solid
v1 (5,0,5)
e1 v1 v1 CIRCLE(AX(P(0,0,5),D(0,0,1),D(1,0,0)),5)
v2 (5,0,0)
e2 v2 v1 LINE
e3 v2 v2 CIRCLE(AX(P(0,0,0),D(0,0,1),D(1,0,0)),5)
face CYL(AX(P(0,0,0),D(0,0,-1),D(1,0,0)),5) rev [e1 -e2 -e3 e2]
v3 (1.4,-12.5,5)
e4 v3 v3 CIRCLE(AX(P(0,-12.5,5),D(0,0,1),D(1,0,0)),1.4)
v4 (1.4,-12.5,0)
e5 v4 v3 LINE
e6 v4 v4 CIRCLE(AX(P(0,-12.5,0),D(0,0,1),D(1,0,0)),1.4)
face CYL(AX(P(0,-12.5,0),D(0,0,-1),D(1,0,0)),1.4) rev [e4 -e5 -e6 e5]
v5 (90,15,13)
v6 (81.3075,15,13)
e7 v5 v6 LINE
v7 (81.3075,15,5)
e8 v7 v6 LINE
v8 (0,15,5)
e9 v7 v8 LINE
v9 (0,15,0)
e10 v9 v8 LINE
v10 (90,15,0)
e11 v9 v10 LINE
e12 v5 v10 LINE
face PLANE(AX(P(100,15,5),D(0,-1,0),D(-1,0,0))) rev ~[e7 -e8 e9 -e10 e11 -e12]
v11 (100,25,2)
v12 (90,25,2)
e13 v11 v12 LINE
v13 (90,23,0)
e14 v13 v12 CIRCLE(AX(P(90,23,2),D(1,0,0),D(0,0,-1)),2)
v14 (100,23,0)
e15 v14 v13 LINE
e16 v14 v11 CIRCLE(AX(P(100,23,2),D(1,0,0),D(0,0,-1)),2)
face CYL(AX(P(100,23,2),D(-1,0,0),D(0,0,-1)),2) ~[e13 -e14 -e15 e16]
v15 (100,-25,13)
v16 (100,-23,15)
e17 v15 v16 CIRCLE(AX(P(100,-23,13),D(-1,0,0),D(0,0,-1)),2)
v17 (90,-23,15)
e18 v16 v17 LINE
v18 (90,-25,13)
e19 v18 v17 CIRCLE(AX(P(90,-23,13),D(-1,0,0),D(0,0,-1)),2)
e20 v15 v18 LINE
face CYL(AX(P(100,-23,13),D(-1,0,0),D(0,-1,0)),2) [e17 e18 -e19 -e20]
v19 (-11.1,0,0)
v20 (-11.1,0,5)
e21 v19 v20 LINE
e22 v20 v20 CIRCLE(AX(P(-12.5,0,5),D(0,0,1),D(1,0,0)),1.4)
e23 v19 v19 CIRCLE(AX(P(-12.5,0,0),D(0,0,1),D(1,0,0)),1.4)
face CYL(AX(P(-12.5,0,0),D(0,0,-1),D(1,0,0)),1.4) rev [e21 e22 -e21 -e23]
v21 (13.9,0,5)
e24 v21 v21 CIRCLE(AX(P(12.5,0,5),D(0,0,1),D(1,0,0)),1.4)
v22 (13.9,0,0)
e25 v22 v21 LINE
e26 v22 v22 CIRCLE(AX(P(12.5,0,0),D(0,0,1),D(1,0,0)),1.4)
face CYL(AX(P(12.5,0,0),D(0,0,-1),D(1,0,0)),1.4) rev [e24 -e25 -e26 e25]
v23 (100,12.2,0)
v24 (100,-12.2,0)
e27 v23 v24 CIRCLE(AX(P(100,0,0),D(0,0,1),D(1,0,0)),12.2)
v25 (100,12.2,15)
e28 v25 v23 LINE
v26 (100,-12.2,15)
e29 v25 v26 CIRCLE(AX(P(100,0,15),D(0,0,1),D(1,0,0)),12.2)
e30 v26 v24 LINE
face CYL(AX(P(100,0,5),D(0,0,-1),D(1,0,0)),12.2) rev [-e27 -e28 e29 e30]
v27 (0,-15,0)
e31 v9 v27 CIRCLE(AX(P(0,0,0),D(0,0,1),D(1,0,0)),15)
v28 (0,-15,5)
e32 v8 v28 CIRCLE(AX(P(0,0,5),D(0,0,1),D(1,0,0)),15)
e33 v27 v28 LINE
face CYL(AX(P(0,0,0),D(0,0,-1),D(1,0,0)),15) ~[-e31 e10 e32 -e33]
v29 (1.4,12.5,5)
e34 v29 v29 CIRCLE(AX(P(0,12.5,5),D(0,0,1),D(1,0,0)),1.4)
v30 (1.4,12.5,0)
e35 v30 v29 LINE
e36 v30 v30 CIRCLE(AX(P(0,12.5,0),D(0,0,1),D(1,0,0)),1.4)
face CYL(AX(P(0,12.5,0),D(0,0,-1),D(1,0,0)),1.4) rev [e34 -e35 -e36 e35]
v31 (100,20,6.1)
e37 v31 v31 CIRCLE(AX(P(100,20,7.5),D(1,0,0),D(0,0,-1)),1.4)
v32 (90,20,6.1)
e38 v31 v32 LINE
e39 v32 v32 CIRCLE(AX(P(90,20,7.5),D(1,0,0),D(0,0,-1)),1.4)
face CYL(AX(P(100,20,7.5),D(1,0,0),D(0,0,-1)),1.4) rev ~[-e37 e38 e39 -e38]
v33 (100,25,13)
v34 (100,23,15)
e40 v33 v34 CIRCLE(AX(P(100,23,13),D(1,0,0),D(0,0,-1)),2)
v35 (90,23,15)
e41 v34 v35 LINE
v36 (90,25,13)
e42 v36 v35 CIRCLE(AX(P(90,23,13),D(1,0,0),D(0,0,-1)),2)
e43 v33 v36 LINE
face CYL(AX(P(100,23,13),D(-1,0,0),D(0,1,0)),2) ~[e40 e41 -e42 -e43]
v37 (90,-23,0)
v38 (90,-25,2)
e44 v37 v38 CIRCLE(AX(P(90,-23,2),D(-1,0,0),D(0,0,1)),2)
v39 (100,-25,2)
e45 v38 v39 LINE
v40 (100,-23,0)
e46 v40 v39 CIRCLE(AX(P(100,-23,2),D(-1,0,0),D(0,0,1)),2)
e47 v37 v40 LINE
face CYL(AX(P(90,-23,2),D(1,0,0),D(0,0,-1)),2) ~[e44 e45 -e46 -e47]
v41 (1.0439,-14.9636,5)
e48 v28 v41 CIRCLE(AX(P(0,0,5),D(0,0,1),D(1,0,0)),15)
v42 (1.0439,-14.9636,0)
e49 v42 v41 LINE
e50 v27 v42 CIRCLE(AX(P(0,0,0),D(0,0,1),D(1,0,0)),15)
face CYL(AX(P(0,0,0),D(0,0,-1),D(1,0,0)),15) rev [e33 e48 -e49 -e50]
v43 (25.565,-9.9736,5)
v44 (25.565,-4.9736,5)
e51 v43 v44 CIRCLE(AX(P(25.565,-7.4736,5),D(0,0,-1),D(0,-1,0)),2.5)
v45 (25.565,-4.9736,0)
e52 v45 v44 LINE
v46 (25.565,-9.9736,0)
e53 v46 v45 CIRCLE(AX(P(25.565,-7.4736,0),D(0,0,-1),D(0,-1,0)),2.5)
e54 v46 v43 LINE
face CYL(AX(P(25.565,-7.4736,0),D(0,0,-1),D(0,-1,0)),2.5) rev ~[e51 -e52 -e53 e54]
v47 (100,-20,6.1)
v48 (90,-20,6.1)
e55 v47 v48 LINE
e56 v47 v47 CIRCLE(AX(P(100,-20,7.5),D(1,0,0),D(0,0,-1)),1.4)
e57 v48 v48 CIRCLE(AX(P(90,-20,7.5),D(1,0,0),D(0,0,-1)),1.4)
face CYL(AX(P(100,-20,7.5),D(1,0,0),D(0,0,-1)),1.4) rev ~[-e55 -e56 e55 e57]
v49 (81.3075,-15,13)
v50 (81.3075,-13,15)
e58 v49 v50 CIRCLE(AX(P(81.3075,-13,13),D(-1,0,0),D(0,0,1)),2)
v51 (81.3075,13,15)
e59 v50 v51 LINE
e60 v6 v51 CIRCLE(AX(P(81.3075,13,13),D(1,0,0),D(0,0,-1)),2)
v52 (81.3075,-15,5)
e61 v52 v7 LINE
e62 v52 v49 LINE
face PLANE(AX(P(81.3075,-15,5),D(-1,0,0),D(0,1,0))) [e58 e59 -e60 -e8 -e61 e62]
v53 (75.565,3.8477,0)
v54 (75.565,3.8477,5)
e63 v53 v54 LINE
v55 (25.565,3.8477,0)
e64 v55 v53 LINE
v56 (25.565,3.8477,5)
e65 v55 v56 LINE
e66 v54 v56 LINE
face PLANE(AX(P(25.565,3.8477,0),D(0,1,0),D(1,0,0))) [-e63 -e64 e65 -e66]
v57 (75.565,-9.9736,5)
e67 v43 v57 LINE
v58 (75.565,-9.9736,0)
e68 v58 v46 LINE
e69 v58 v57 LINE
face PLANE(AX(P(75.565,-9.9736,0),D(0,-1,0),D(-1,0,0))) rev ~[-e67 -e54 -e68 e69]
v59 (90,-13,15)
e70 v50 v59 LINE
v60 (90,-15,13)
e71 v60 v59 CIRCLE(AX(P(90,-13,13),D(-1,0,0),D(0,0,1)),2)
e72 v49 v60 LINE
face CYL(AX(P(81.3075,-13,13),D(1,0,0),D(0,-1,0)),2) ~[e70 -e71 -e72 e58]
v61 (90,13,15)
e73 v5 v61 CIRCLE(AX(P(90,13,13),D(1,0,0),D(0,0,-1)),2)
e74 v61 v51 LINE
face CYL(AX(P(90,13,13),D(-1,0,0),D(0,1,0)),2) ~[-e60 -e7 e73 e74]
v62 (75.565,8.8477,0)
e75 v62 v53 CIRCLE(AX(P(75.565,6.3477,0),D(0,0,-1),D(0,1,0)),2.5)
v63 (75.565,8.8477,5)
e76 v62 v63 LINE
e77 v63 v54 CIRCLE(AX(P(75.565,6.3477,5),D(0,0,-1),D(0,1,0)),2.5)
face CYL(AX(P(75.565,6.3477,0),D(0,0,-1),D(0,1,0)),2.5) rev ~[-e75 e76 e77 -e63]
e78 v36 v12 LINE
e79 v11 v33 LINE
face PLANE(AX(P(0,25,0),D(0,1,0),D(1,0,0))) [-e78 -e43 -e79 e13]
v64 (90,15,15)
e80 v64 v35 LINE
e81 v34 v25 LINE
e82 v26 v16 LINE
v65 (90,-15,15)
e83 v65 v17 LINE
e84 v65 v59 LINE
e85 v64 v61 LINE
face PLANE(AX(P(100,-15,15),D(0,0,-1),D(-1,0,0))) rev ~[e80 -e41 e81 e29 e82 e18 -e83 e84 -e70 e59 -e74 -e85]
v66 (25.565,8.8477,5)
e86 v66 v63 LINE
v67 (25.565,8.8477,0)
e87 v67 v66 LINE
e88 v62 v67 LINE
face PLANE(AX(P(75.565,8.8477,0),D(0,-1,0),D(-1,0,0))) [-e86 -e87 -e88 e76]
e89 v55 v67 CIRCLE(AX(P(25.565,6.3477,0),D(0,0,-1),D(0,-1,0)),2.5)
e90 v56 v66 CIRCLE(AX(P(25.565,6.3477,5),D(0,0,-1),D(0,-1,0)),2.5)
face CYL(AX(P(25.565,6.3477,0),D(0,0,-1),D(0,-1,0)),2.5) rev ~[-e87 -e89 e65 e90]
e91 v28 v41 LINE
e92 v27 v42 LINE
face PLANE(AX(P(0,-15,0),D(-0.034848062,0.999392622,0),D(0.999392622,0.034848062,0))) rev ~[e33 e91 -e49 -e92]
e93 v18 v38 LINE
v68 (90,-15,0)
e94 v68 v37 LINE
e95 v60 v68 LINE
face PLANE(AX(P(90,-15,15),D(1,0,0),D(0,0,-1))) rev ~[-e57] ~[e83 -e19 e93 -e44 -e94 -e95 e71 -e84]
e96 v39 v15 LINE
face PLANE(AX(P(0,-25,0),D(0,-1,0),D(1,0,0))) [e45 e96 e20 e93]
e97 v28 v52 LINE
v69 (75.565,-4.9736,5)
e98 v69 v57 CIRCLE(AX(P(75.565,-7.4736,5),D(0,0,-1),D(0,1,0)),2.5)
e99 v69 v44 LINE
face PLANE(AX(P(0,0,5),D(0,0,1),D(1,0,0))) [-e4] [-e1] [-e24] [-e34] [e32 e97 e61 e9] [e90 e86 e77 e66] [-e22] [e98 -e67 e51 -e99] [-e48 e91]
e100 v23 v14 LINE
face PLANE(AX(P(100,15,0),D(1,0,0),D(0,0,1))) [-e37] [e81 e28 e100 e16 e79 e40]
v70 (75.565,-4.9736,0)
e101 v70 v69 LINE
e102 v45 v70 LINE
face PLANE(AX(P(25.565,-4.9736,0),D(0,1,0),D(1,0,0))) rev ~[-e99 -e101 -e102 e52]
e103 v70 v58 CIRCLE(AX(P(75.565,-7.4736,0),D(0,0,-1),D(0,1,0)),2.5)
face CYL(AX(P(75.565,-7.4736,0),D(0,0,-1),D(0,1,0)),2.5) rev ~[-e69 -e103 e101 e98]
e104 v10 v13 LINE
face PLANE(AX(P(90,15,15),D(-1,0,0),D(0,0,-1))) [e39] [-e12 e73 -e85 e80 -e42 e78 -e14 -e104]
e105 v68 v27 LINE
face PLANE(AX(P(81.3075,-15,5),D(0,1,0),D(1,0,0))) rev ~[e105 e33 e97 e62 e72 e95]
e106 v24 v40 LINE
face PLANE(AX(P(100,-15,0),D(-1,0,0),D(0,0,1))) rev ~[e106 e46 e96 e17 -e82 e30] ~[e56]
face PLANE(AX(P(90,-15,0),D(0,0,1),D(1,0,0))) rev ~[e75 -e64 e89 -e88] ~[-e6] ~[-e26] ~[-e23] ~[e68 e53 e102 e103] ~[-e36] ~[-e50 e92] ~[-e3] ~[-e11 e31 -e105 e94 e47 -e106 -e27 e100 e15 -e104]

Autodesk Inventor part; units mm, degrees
ref_plane "YZ Plane" through (0, 0, 0) normal (1, 0, 0) x (0, 1, 0)
ref_plane "XZ Plane" through (0, 0, 0) normal (0, 1, 0) x (-1, 0, 0)
ref_plane "XY Plane" through (0, 0, 0) normal (0, 0, 1) x (1, 0, 0)
sketch "Sketch1" plane through (0, 0, 0) normal (0, 0, 1) x (1, 0, 0)
  circle A0 centre (0, 0) radius 15
  circle A1 centre (0, 0) radius 5
  circle A2 centre (-12.5, 0) radius 1.4
  circle A3 centre (0, -12.5) radius 1.4
  circle A4 centre (12.5, 0) radius 1.4
  circle A5 centre (0, 12.5) radius 1.4
  line L0 (0, -15) -> (1.0439, -14.9636)
  line L1 (100, 15) -> (70, 15)
  line L2 (70, -12.5614) -> (70, -15)
  line L3 (70, -15) -> (100, -15)
  line L4 (100, -15) -> (100, 15)
  line L5 (100, 15) -> (70, -15) construction
  line L6 (70, 15) -> (100, -15) construction
  circle A6 centre (100, 0) radius 12.2
  line L7 (0, 15) -> (100, 15)
  line L8 (0, -15) -> (100, -15)
  point P0 (85, 0)
  point P1 (100, -12.2)
  point P2 (100, 12.2)
  dimension "d0" = 30
  dimension "d1" = 10
  dimension "d2" = 2.8
  dimension "d3" = 12.5
  dimension "d6" = 360
  dimension "d9" = 30
  dimension "d10" = 30
  dimension "d11" = 24.4
  dimension "d12" = 100
extrude "Extrusion1" add sketch "Sketch1" along normal blind 5 contours A0 L0 | A0 L7 L1 L4 A6 L3 L8 picked at (9.3778, -4.158)
sketch "Sketch2" plane through (0, 15, 0) normal (0, 1, 0) x (1, 0, 0)
  point P0 (0, 0)
sketch "Sketch3" plane through (0, 0, 5) normal (0, 0, 1) x (1, 0, 0)
  line L0 (100, 15) -> (0, 15) projected
  line L1 (0, -15) -> (100, -15) projected
  line L2 (81.3075, 15) -> (100, 15)
  line L3 (100, 15) -> (100, -15)
  line L4 (100, -15) -> (81.3075, -15)
  line L5 (81.3075, -15) -> (81.3075, 15)
  circle A0 centre (100, 0) radius 12.2
  point P0 (0, 0)
  point P1 (100, -12.2)
  point P2 (100, 12.2)
  dimension "d15" = 24.4
extrude "Extrusion2" add sketch "Sketch3" along normal blind 10 contours L3 A0 L1 L5 L0
sketch "Sketch4" plane through (0, 15, 0) normal (0, 1, 0) x (1, 0, 0)
  line L0 (100, 0) -> (100, -15) projected
  line L1 (100, 0) -> (87.8, 0) projected
  line L2 (100, -15) -> (90, -15)
  line L3 (90, -15) -> (90, 0)
  line L4 (90, 0) -> (100, 0)
  line L5 (100, 0) -> (100, -15)
  point P0 (0, 0)
  dimension "d18" = 10
extrude "Extrusion3" add sketch "Sketch4" along normal blind 10
sketch "Sketch5" plane through (0, -15, 0) normal (0, -1, 0) x (1, 0, 0)
  line L0 (100, 0) -> (100, 15) projected
  line L1 (100, 15) -> (90, 15)
  line L2 (90, 15) -> (90, 0)
  line L3 (90, 0) -> (100, 0)
  line L4 (100, 0) -> (100, 15)
  point P0 (0, 0)
  dimension "d21" = 10
  dimension "d22" = 15
extrude "Extrusion4" add sketch "Sketch5" along normal blind 10
sketch "Sketch6" plane through (100, -12.2, 15) normal (1, 0, 0) x (0, 0, -1)
  circle A0 centre (7.5, -7.8) radius 1.4
  line L0 (15, -12.8) -> (0, -12.8) projected
  line L1 (0, 0) -> (0, -12.8) projected
  line L2 (15, 12.2) -> (0, 12.2)
  line L3 (0, 0) -> (0, 24.4) projected
  circle A1 centre (7.5, 32.2) radius 1.4
  dimension "d25" = 2.8
  dimension "d26" = 5
  dimension "d27" = 7.5
extrude "Extrusion5" cut sketch "Sketch6" against normal through all
fillet "Fillet1" radius 2 2 edges at (95, -25, 0) (95, -25, 15)
fillet "Fillet2" radius 2 2 edges at (95, 25, 0) (95, 25, 15)
sketch "Sketch7" plane through (0, 0, 0) normal (0, 0, -1) x (-1, 0, 0)
  line L0 (-81.3075, 15) -> (-81.3075, -15) projected
  line L1 (-17.3755, -15) -> (-81.3075, -15)
  line L2 (-81.3075, -15) -> (-81.3075, 15)
  line L3 (-81.3075, 15) -> (-17.3755, 15)
  line L4 (-17.3755, 15) -> (-17.3755, -15)
  line L5 (-25.565, -7.4736) -> (-75.565, -7.4736) construction
  line L6 (-25.565, -4.9736) -> (-75.565, -4.9736)
  line L7 (-75.565, -9.9736) -> (-25.565, -9.9736)
  arc A0 (-25.565, -9.9736) -> (-25.565, -4.9736) centre (-25.565, -7.4736) ccw
  arc A1 (-75.565, -4.9736) -> (-75.565, -9.9736) centre (-75.565, -7.4736) ccw
  line L8 (-25.565, 6.3477) -> (-75.565, 6.3477) construction
  line L9 (-25.565, 3.8477) -> (-75.565, 3.8477)
  line L10 (-75.565, 8.8477) -> (-25.565, 8.8477)
  arc A2 (-25.565, 3.8477) -> (-25.565, 8.8477) centre (-25.565, 6.3477) ccw
  arc A3 (-75.565, 8.8477) -> (-75.565, 3.8477) centre (-75.565, 6.3477) ccw
  point P0 (0, 0)
  point P1 (-50.565, -7.4736)
  point P2 (-50.565, 6.3477)
  dimension "d32" = 30
  dimension "d33" = 5
  dimension "d34" = 50
  dimension "d35" = 50
  dimension "d36" = 2.5
extrude "Extrusion6" cut sketch "Sketch7" against normal through all contours A0 L7 A1 L6 | L9 A3 L10 A2
fillet "Fillet3" radius 2 2 edges at (85.6537, 15, 15) (85.6537, -15, 15)
sketch "Sketch8" plane through (90, 15, 0) normal (-1, 0, 0) x (0, 0, 1)
  point P0 (0, -15)
properties part number "link1"
